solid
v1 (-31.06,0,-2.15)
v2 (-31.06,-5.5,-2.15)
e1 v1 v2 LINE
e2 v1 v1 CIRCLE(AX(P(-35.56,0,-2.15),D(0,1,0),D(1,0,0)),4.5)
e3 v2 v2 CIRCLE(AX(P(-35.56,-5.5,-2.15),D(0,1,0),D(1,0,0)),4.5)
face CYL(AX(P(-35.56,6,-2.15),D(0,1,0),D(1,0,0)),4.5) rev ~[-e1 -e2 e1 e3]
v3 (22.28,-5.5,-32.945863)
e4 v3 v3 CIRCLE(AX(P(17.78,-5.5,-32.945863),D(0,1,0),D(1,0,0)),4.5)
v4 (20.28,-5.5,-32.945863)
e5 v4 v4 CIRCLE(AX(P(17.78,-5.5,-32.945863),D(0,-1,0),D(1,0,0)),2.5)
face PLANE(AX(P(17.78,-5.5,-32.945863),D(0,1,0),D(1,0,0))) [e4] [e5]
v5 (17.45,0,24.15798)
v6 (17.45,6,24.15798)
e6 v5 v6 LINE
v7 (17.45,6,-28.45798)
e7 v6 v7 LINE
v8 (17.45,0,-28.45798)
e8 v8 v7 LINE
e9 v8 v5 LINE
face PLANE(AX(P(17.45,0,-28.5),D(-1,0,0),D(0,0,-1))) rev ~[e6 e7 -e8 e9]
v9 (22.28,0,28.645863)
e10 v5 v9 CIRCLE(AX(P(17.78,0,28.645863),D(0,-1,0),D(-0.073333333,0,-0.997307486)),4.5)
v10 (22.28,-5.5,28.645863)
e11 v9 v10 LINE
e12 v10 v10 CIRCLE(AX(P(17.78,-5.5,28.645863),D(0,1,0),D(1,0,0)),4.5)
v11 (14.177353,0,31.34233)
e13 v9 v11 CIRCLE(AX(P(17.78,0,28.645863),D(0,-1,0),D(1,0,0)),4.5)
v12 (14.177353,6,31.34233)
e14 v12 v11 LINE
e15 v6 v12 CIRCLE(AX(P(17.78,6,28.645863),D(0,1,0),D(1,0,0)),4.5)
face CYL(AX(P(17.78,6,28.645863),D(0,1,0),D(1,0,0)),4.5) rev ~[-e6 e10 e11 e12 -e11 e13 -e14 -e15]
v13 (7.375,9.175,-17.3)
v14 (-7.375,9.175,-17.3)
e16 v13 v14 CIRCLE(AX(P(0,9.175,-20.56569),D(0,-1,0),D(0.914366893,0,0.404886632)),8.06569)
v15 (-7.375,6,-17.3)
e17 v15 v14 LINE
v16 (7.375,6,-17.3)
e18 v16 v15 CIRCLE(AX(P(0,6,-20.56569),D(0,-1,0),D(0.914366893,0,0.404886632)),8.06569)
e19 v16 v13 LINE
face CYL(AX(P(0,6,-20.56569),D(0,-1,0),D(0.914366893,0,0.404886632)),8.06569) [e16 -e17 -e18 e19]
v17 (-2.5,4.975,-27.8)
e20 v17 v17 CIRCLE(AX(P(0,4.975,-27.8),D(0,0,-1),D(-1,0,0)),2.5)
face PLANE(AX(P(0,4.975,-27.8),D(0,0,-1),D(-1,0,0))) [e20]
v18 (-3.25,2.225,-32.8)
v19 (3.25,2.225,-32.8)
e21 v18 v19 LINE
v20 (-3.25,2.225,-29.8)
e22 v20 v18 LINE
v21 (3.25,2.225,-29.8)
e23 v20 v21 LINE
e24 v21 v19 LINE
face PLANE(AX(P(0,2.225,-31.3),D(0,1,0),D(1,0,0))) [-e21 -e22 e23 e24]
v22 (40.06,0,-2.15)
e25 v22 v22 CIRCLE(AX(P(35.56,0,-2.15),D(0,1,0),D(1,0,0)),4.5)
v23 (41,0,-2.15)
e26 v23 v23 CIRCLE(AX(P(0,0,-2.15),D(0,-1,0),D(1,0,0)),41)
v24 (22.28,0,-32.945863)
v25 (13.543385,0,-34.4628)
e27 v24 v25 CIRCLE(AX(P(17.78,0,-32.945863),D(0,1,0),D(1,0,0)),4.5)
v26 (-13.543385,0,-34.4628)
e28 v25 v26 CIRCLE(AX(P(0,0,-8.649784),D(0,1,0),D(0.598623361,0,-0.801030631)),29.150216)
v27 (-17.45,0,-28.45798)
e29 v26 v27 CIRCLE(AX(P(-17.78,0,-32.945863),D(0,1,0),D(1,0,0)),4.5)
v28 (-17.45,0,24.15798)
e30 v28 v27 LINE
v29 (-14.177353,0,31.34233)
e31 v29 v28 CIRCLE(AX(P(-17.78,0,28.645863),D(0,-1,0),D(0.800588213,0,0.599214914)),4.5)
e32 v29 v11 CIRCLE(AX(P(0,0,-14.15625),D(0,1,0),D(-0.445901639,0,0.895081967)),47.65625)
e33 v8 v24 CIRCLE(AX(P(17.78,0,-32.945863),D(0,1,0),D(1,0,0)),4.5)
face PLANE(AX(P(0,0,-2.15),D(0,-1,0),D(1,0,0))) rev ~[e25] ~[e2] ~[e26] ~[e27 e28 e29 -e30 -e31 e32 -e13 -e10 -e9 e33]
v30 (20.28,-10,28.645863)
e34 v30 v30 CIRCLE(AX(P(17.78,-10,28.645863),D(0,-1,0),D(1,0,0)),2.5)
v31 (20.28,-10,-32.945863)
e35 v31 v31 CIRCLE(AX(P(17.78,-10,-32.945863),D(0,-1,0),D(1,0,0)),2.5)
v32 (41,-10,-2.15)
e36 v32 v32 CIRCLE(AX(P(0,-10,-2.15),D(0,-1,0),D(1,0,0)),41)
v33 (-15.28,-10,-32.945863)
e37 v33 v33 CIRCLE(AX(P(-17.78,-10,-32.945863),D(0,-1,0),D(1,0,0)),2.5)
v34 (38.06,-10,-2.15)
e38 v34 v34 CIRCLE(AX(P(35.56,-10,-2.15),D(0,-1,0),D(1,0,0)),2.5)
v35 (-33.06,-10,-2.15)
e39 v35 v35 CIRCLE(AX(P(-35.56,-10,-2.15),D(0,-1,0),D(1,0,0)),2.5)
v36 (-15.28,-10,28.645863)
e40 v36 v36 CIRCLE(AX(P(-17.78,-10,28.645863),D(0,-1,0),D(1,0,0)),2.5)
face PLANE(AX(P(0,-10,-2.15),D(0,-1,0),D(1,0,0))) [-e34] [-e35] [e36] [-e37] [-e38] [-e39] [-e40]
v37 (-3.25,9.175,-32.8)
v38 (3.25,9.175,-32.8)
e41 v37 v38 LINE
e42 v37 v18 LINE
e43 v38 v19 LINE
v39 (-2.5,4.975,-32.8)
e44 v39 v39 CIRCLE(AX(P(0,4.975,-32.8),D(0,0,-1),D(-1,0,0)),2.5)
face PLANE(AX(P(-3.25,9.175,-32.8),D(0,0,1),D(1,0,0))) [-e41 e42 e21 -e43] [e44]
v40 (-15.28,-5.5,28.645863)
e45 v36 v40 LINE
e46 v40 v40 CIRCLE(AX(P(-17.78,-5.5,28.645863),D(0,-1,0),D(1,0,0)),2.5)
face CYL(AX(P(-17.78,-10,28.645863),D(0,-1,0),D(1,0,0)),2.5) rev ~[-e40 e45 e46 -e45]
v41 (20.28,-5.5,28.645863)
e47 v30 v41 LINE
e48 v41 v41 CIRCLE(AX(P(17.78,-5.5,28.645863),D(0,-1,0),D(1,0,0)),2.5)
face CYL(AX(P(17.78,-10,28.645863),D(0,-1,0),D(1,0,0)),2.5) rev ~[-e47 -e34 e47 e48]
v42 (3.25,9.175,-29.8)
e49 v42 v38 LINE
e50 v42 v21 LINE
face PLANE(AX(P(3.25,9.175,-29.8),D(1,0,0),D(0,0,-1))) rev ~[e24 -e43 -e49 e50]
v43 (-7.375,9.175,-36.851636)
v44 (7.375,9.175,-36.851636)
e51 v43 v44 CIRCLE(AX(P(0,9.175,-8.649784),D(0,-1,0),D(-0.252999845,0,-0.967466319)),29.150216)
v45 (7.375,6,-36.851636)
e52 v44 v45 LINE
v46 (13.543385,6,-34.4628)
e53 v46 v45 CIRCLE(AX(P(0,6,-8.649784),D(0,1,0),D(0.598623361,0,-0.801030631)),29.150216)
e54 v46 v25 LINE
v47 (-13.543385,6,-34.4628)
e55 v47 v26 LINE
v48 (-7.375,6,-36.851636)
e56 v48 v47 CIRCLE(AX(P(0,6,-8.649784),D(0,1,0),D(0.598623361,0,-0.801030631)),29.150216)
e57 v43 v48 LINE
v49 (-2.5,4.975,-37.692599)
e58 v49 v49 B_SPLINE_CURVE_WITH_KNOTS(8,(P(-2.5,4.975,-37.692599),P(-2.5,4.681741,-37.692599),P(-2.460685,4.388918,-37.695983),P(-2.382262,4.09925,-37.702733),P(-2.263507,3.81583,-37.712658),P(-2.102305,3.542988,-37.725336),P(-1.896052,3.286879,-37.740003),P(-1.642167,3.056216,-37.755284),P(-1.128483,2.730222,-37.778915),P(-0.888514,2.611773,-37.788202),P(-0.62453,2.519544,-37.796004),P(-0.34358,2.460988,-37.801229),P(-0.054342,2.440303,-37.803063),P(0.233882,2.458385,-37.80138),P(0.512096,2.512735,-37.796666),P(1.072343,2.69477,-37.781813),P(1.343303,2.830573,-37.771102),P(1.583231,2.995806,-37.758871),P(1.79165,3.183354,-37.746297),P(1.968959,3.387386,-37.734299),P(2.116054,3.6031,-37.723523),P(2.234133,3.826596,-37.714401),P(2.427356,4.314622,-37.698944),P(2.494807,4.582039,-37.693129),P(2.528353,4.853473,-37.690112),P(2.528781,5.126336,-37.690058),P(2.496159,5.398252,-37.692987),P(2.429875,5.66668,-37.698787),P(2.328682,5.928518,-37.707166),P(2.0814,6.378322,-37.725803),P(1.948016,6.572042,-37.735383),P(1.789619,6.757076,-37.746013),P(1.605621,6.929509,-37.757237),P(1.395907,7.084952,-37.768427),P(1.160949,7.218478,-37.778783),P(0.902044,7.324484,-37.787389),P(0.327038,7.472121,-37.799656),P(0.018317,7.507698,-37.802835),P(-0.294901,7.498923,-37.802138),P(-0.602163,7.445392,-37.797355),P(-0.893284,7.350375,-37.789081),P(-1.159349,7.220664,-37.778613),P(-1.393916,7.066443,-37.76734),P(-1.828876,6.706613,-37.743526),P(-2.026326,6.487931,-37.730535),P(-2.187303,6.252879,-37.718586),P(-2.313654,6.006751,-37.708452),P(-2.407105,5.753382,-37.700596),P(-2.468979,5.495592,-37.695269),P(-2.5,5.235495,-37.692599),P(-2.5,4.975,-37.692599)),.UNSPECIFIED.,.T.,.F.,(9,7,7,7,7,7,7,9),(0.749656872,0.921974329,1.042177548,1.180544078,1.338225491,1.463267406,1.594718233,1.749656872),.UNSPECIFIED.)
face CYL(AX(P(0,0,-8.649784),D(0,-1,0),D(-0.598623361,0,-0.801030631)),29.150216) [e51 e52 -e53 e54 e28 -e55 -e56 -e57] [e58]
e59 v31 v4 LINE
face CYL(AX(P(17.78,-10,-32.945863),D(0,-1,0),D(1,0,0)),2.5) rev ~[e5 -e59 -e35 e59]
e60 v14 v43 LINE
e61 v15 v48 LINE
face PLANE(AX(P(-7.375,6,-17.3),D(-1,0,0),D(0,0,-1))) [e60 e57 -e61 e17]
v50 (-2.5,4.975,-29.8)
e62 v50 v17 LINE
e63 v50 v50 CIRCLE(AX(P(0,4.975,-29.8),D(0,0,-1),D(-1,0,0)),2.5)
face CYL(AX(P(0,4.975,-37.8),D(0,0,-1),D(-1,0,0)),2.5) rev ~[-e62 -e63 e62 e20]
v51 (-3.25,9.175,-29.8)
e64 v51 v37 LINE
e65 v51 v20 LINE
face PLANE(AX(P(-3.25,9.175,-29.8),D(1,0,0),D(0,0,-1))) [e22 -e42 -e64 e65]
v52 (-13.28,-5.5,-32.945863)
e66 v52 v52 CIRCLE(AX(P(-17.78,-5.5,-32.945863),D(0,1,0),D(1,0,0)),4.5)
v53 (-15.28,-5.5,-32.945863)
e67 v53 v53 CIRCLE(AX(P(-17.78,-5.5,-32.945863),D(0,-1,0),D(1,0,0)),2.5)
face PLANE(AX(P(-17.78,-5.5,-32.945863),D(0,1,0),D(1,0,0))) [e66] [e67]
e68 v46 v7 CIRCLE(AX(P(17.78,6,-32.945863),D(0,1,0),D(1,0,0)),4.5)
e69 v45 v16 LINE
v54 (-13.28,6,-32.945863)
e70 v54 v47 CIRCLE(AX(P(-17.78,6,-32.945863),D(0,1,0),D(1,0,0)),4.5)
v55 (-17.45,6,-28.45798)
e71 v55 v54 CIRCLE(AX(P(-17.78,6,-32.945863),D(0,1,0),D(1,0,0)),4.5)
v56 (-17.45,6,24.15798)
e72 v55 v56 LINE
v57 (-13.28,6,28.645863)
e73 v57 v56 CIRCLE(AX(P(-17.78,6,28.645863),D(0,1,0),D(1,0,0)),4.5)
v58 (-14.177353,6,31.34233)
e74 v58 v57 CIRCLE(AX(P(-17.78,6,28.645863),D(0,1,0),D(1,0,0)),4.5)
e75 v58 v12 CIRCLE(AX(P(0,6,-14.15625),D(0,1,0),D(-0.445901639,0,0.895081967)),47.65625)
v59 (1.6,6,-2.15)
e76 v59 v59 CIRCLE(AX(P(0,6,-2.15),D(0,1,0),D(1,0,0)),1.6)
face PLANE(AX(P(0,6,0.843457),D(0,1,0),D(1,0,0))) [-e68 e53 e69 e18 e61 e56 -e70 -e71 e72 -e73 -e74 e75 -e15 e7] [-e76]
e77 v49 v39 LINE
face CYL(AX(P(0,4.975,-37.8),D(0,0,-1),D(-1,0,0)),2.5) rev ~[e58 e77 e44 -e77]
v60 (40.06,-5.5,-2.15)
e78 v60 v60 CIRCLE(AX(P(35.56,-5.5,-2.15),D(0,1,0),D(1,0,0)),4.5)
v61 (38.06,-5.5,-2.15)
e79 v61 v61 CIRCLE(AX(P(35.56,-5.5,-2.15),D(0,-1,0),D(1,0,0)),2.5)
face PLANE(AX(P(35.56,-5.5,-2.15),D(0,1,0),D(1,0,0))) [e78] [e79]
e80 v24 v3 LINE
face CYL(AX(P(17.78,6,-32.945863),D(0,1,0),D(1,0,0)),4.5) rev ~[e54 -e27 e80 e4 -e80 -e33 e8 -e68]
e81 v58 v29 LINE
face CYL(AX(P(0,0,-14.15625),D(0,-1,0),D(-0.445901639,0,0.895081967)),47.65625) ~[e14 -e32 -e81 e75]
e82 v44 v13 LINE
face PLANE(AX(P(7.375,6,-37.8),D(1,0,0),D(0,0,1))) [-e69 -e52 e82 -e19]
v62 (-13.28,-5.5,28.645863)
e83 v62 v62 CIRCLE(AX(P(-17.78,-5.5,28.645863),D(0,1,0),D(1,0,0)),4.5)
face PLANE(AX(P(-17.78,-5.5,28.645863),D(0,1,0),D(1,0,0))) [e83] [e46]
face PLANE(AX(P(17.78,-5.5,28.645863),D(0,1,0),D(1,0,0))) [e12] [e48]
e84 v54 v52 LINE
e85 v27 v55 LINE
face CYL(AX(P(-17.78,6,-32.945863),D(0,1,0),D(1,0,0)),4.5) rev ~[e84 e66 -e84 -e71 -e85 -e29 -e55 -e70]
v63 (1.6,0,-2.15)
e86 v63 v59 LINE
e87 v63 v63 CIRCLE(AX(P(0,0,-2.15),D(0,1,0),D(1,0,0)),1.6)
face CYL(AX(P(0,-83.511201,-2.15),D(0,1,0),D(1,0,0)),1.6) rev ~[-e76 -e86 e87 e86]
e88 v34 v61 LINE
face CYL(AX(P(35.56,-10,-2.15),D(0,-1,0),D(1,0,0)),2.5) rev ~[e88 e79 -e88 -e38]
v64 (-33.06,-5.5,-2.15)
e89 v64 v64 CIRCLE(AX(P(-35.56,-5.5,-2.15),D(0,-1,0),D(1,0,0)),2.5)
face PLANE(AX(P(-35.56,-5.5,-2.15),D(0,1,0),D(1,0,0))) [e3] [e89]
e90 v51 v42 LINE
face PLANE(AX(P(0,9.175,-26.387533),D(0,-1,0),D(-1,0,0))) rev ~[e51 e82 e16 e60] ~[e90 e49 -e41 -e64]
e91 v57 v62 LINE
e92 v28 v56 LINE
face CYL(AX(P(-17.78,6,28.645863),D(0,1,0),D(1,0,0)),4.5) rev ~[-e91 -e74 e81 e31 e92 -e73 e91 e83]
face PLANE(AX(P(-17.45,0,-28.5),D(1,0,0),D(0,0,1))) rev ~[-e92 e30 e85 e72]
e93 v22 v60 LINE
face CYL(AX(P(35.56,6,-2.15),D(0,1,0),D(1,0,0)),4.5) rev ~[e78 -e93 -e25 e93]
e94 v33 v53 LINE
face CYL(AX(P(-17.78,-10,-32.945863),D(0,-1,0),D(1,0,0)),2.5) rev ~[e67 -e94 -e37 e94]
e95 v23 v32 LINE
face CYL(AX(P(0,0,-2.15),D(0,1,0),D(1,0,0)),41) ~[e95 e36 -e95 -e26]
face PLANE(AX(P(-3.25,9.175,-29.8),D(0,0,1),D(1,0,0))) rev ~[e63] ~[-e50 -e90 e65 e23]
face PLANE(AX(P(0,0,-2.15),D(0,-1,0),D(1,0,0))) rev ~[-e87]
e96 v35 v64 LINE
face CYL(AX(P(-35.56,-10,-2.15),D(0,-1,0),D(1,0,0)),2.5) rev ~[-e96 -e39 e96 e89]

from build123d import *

# Parameters (mm, degrees)
BOSS_EXTRUDE1_DEPTH  = 6
SKETCH3_W            = 26.265732208
SKETCH3_H            = 53.5
CUT_EXTRUDE2_DEPTH   = 6
BOSS_EXTRUDE2_DEPTH  = 3.175
CUT_EXTRUDE3_DEPTH   = 9.175
SKETCH5_W            = 6.5
SKETCH5_H            = 3
CUT_EXTRUDE4_DEPTH   = 6.95
SKETCH6_R            = 2.5
CUT_EXTRUDE5_DEPTH   = 10
M3_CLEARANCE_HOLE1_D = 3.2
SKETCH17_R           = 41
BOSS_EXTRUDE3_DEPTH  = 10
SKETCH18_R           = 2.5
CUT_EXTRUDE6_DEPTH   = 5
SKETCH19_R           = 4.5
CUT_EXTRUDE7_DEPTH   = 11.5
SKETCH20_R           = 2.706261539
SKETCH20_R_2         = 3.316969597
CUT_EXTRUDE8_DEPTH   = 6


with BuildPart() as part:
    # Sketch1 → Boss-Extrude1 (new body)
    with BuildSketch(Plane(origin=(0, 0, 0), x_dir=(1, 0, 0), z_dir=(0, 1, 0))):
        with BuildLine():
            Line((-21.25, 28.5), (-21.25, -28.5))
            ThreePointArc((-21.25, -28.5), (0, -33.5), (21.25, -28.5))
            Line((21.25, -28.5), (21.25, 28.5))
            Line((21.25, 28.5), (-21.25, 28.5))
        make_face()
        with BuildLine():
            Line((-17.45, 32), (-17.45, 28.5))
            Line((-17.45, 28.5), (17.45, 28.5))
            Line((17.45, 28.5), (17.45, 32))
            ThreePointArc((17.45, 32), (0, 37.8), (-17.45, 32))
        make_face()
    extrude(amount=BOSS_EXTRUDE1_DEPTH)

    # Sketch3 → Cut-Extrude2 (cut)
    with BuildSketch(Plane.XZ):
        with Locations((-30.582866104, -1.75)):
            Rectangle(SKETCH3_W, SKETCH3_H)
        with Locations((30.582866104, -1.75)):
            Rectangle(SKETCH3_W, SKETCH3_H)
    extrude(amount=-CUT_EXTRUDE2_DEPTH, mode=Mode.SUBTRACT)

    # Sketch2 → Boss-Extrude2 (add)
    with BuildSketch(Plane(origin=(0, 6, 0), x_dir=(1, 0, 0), z_dir=(0, 1, 0))):
        with BuildLine():
            Line((-7.375, 17.3), (-7.375, 37.8))
            Line((-7.375, 37.8), (7.375, 37.8))
            Line((7.375, 37.8), (7.375, 17.3))
            ThreePointArc((7.375, 17.3), (0, 12.5), (-7.375, 17.3))
        make_face()
    extrude(amount=BOSS_EXTRUDE2_DEPTH)

    # Sketch4 → Cut-Extrude3 (cut)
    with BuildSketch(Plane.XZ):
        with BuildLine():
            Line((17.45, -32), (17.45, -50.042511561))
            Line((17.45, -50.042511561), (-17.45, -50.042511561))
            Line((-17.45, -50.042511561), (-17.45, -32))
            ThreePointArc((-17.45, -32), (0, -37.8), (17.45, -32))
        make_face()
    extrude(amount=-CUT_EXTRUDE3_DEPTH, mode=Mode.SUBTRACT)

    # Sketch5 → Cut-Extrude4 (cut)
    with BuildSketch(Plane(origin=(0, 9.175, 0), x_dir=(1, 0, 0), z_dir=(0, 1, 0))):
        with Locations((0, 31.3)):
            Rectangle(SKETCH5_W, SKETCH5_H)
    extrude(amount=-CUT_EXTRUDE4_DEPTH, mode=Mode.SUBTRACT)

    # Sketch6 → Cut-Extrude5 (cut)
    with BuildSketch(Plane(origin=(0, 9.175, -37.8), x_dir=(-1, 0, 0), z_dir=(0, 0, -1))):
        with Locations((0, -4.2)):
            Circle(SKETCH6_R)
    extrude(amount=-CUT_EXTRUDE5_DEPTH, mode=Mode.SUBTRACT)

    # M3 Clearance Hole1 (through all)
    with Locations(Plane(origin=(0, 0, 0), x_dir=(-1, 0, 0), z_dir=(0, -1, 0))):
        with Locations((0, 2.15)):
            Hole(M3_CLEARANCE_HOLE1_D / 2)

    # Sketch17 → Boss-Extrude3 (add)
    with BuildSketch(Plane.XZ):
        with Locations((0, -2.15)):
            Circle(SKETCH17_R)
    extrude(amount=BOSS_EXTRUDE3_DEPTH)

    # Sketch18 → Cut-Extrude6 (cut)
    with BuildSketch(Plane.XZ.offset(10)):
        with Locations((17.78, -32.945863359)):
            Circle(SKETCH18_R)
        with Locations((35.56, -2.15)):
            Circle(SKETCH18_R)
        with Locations((17.78, 28.645863359)):
            Circle(SKETCH18_R)
        with Locations((-17.78, -32.945863359)):
            Circle(SKETCH18_R)
        with Locations((-35.56, -2.15)):
            Circle(SKETCH18_R)
        with Locations((-17.78, 28.645863359)):
            Circle(SKETCH18_R)
    extrude(amount=-CUT_EXTRUDE6_DEPTH, mode=Mode.SUBTRACT)

    # Sketch19 → Cut-Extrude7 (cut)
    with BuildSketch(Plane(origin=(0, 6, 0), x_dir=(1, 0, 0), z_dir=(0, 1, 0))):
        with Locations((-17.78, 32.945863359)):
            Circle(SKETCH19_R)
        with Locations((17.78, 32.945863359)):
            Circle(SKETCH19_R)
        with Locations((35.56, 2.15)):
            Circle(SKETCH19_R)
        with Locations((17.78, -28.645863359)):
            Circle(SKETCH19_R)
        with Locations((-17.78, -28.645863359)):
            Circle(SKETCH19_R)
        with Locations((-35.56, 2.15)):
            Circle(SKETCH19_R)
    extrude(amount=-CUT_EXTRUDE7_DEPTH, mode=Mode.SUBTRACT)

    # Sketch20 → Cut-Extrude8 (cut)
    with BuildSketch(Plane(origin=(0, 6, 0), x_dir=(1, 0, 0), z_dir=(0, 1, 0))):
        with Locations((-20.581445068, -26.580263628)):
            Circle(SKETCH20_R)
        with Locations((20.21362745, -26.580263628)):
            Circle(SKETCH20_R_2)
    extrude(amount=-CUT_EXTRUDE8_DEPTH, mode=Mode.SUBTRACT)


solid = part.part
